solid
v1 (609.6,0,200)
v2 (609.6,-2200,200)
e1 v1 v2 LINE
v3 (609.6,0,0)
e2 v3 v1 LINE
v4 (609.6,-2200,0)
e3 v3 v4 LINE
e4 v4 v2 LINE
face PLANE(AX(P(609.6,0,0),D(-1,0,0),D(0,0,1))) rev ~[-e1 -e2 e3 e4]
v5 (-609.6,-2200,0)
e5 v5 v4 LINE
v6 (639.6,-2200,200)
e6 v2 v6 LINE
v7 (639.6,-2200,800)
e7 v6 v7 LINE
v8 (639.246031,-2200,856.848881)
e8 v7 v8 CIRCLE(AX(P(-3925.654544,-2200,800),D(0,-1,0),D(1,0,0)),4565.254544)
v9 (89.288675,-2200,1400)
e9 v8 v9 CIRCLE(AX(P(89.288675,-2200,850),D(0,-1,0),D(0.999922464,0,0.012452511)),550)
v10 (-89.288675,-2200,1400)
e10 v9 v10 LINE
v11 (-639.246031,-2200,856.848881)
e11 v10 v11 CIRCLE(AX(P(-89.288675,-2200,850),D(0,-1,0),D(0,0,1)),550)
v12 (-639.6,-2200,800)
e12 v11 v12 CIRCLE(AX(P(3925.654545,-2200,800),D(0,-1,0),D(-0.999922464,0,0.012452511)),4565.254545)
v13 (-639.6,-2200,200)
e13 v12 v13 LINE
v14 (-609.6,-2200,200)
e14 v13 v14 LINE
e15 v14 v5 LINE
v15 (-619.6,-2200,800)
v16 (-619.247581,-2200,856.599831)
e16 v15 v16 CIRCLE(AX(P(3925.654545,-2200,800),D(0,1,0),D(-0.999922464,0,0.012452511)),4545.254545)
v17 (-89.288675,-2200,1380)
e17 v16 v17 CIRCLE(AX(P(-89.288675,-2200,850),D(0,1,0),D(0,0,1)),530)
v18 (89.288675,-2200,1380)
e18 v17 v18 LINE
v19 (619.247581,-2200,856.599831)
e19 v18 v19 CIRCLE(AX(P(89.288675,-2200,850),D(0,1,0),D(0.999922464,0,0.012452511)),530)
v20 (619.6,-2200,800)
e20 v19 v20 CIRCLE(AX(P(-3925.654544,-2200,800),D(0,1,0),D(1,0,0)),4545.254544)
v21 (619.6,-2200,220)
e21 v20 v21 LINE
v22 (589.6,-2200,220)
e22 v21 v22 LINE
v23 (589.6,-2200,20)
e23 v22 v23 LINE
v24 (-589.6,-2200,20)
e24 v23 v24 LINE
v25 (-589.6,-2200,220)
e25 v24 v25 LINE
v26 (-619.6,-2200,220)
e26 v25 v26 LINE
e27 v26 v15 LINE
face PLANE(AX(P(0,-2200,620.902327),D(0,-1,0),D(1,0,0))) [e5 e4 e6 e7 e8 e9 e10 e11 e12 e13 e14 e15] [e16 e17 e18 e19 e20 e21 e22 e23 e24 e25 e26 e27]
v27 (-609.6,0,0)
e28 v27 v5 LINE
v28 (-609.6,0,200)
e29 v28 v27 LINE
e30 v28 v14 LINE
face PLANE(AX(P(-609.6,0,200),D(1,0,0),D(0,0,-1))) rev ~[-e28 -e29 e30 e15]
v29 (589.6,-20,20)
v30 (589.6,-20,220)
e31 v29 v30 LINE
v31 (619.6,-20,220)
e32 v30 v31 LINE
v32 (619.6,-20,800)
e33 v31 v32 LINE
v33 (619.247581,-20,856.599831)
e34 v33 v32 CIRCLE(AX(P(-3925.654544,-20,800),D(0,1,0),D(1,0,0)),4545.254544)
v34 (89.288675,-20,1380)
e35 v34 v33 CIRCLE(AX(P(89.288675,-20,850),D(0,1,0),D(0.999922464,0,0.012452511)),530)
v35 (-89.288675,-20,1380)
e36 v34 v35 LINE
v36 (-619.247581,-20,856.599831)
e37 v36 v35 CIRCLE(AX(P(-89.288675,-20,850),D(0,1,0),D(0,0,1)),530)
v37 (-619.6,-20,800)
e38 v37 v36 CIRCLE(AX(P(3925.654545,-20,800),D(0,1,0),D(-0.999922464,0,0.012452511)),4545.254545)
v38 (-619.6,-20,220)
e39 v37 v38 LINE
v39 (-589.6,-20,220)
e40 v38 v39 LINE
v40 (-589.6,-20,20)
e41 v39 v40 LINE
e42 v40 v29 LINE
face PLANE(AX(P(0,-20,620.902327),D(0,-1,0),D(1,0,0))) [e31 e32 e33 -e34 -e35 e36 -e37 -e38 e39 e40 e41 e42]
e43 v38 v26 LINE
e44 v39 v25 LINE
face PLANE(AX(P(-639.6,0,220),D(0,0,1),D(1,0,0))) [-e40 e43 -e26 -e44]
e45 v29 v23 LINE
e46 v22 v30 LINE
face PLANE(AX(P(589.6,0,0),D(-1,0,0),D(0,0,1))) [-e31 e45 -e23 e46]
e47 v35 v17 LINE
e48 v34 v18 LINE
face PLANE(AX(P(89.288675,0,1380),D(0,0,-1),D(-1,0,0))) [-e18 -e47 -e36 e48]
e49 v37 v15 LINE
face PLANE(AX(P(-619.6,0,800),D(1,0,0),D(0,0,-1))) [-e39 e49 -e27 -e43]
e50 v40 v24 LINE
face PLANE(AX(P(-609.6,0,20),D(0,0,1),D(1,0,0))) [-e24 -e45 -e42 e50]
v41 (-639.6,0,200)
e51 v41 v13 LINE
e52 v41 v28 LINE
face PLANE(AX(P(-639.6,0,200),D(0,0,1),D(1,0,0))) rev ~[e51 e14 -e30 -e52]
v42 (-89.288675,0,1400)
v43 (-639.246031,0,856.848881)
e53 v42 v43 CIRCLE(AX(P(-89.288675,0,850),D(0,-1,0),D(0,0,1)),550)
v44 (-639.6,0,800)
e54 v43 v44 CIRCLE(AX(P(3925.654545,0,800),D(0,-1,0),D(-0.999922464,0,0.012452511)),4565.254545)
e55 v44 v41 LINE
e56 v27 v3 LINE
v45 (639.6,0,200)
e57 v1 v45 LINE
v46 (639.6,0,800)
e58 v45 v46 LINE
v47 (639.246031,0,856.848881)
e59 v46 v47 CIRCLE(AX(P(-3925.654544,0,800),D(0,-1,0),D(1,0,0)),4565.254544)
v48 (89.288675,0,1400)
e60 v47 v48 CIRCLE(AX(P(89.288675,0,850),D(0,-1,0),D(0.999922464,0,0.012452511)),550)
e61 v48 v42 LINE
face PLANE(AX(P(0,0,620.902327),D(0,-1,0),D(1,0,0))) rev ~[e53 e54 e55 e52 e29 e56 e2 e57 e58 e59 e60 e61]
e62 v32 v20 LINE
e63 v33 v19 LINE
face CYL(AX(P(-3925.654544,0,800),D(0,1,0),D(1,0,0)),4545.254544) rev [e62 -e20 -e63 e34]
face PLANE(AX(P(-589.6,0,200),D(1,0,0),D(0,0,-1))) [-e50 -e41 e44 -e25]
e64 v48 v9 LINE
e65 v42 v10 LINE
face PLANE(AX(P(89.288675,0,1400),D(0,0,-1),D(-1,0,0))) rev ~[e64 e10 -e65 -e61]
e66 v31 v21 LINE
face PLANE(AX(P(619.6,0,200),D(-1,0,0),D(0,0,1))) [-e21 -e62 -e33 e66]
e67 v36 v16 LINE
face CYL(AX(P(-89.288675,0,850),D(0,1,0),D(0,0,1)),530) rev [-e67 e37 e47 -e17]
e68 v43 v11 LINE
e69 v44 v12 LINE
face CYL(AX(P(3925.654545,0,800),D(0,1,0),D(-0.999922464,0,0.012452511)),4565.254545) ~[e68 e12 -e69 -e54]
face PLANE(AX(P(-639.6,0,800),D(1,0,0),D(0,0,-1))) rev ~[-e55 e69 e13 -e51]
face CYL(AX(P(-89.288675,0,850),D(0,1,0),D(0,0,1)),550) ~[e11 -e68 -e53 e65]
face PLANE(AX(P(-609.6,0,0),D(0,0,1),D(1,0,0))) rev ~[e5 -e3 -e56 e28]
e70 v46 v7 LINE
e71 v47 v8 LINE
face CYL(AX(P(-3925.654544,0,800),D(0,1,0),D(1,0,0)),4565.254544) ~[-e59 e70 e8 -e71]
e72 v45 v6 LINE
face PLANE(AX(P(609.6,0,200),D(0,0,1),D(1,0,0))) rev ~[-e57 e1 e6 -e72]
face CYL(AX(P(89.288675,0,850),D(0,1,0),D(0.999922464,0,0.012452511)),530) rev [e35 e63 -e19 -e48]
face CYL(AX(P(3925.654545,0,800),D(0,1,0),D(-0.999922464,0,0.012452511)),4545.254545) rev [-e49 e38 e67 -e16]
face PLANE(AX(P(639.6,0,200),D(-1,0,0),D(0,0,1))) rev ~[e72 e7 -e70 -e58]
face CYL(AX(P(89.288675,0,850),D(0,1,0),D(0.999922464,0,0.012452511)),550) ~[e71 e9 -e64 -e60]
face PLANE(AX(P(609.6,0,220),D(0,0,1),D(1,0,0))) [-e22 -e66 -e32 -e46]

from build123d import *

# Parameters (mm, degrees)
F1_DEPTH = 2200
F2_T     = -20


with BuildPart() as f1:
    # F0 (on Front) → F1 (new body)
    with BuildSketch(Plane.XZ):
        with BuildLine():
            Line((-609.6, 200), (-609.6, 0))
            Line((-609.6, 0), (609.6, 0))
            Line((609.6, 0), (609.6, 200))
            Line((609.6, 200), (639.6, 200))
            Line((639.6, 200), (639.6, 800))
            ThreePointArc((639.6, 800), (639.5115067999, 828.4249914214), (639.2460306302, 856.8488808589))
            ThreePointArc((639.2460306302, 856.8488808589), (475.7683741962, 1241.3226830075), (89.2886751643, 1400))
            Line((89.2886751643, 1400), (-89.2886751643, 1400))
            ThreePointArc((-89.2886751643, 1400), (-475.7683741962, 1241.3226830075), (-639.2460306302, 856.8488808589))
            ThreePointArc((-639.2460306302, 856.8488808589), (-639.5115067999, 828.4249914214), (-639.6, 800))
            Line((-639.6, 800), (-639.6, 200))
            Line((-639.6, 200), (-609.6, 200))
        make_face()
    extrude(amount=F1_DEPTH)

    # F2
    f2_openings = [f1.faces().sort_by_distance(p)[0] for p in [
        (0, -2200, 658.827894),
    ]]
    offset(amount=F2_T, openings=f2_openings, kind=Kind.INTERSECTION)


solid = f1.part
